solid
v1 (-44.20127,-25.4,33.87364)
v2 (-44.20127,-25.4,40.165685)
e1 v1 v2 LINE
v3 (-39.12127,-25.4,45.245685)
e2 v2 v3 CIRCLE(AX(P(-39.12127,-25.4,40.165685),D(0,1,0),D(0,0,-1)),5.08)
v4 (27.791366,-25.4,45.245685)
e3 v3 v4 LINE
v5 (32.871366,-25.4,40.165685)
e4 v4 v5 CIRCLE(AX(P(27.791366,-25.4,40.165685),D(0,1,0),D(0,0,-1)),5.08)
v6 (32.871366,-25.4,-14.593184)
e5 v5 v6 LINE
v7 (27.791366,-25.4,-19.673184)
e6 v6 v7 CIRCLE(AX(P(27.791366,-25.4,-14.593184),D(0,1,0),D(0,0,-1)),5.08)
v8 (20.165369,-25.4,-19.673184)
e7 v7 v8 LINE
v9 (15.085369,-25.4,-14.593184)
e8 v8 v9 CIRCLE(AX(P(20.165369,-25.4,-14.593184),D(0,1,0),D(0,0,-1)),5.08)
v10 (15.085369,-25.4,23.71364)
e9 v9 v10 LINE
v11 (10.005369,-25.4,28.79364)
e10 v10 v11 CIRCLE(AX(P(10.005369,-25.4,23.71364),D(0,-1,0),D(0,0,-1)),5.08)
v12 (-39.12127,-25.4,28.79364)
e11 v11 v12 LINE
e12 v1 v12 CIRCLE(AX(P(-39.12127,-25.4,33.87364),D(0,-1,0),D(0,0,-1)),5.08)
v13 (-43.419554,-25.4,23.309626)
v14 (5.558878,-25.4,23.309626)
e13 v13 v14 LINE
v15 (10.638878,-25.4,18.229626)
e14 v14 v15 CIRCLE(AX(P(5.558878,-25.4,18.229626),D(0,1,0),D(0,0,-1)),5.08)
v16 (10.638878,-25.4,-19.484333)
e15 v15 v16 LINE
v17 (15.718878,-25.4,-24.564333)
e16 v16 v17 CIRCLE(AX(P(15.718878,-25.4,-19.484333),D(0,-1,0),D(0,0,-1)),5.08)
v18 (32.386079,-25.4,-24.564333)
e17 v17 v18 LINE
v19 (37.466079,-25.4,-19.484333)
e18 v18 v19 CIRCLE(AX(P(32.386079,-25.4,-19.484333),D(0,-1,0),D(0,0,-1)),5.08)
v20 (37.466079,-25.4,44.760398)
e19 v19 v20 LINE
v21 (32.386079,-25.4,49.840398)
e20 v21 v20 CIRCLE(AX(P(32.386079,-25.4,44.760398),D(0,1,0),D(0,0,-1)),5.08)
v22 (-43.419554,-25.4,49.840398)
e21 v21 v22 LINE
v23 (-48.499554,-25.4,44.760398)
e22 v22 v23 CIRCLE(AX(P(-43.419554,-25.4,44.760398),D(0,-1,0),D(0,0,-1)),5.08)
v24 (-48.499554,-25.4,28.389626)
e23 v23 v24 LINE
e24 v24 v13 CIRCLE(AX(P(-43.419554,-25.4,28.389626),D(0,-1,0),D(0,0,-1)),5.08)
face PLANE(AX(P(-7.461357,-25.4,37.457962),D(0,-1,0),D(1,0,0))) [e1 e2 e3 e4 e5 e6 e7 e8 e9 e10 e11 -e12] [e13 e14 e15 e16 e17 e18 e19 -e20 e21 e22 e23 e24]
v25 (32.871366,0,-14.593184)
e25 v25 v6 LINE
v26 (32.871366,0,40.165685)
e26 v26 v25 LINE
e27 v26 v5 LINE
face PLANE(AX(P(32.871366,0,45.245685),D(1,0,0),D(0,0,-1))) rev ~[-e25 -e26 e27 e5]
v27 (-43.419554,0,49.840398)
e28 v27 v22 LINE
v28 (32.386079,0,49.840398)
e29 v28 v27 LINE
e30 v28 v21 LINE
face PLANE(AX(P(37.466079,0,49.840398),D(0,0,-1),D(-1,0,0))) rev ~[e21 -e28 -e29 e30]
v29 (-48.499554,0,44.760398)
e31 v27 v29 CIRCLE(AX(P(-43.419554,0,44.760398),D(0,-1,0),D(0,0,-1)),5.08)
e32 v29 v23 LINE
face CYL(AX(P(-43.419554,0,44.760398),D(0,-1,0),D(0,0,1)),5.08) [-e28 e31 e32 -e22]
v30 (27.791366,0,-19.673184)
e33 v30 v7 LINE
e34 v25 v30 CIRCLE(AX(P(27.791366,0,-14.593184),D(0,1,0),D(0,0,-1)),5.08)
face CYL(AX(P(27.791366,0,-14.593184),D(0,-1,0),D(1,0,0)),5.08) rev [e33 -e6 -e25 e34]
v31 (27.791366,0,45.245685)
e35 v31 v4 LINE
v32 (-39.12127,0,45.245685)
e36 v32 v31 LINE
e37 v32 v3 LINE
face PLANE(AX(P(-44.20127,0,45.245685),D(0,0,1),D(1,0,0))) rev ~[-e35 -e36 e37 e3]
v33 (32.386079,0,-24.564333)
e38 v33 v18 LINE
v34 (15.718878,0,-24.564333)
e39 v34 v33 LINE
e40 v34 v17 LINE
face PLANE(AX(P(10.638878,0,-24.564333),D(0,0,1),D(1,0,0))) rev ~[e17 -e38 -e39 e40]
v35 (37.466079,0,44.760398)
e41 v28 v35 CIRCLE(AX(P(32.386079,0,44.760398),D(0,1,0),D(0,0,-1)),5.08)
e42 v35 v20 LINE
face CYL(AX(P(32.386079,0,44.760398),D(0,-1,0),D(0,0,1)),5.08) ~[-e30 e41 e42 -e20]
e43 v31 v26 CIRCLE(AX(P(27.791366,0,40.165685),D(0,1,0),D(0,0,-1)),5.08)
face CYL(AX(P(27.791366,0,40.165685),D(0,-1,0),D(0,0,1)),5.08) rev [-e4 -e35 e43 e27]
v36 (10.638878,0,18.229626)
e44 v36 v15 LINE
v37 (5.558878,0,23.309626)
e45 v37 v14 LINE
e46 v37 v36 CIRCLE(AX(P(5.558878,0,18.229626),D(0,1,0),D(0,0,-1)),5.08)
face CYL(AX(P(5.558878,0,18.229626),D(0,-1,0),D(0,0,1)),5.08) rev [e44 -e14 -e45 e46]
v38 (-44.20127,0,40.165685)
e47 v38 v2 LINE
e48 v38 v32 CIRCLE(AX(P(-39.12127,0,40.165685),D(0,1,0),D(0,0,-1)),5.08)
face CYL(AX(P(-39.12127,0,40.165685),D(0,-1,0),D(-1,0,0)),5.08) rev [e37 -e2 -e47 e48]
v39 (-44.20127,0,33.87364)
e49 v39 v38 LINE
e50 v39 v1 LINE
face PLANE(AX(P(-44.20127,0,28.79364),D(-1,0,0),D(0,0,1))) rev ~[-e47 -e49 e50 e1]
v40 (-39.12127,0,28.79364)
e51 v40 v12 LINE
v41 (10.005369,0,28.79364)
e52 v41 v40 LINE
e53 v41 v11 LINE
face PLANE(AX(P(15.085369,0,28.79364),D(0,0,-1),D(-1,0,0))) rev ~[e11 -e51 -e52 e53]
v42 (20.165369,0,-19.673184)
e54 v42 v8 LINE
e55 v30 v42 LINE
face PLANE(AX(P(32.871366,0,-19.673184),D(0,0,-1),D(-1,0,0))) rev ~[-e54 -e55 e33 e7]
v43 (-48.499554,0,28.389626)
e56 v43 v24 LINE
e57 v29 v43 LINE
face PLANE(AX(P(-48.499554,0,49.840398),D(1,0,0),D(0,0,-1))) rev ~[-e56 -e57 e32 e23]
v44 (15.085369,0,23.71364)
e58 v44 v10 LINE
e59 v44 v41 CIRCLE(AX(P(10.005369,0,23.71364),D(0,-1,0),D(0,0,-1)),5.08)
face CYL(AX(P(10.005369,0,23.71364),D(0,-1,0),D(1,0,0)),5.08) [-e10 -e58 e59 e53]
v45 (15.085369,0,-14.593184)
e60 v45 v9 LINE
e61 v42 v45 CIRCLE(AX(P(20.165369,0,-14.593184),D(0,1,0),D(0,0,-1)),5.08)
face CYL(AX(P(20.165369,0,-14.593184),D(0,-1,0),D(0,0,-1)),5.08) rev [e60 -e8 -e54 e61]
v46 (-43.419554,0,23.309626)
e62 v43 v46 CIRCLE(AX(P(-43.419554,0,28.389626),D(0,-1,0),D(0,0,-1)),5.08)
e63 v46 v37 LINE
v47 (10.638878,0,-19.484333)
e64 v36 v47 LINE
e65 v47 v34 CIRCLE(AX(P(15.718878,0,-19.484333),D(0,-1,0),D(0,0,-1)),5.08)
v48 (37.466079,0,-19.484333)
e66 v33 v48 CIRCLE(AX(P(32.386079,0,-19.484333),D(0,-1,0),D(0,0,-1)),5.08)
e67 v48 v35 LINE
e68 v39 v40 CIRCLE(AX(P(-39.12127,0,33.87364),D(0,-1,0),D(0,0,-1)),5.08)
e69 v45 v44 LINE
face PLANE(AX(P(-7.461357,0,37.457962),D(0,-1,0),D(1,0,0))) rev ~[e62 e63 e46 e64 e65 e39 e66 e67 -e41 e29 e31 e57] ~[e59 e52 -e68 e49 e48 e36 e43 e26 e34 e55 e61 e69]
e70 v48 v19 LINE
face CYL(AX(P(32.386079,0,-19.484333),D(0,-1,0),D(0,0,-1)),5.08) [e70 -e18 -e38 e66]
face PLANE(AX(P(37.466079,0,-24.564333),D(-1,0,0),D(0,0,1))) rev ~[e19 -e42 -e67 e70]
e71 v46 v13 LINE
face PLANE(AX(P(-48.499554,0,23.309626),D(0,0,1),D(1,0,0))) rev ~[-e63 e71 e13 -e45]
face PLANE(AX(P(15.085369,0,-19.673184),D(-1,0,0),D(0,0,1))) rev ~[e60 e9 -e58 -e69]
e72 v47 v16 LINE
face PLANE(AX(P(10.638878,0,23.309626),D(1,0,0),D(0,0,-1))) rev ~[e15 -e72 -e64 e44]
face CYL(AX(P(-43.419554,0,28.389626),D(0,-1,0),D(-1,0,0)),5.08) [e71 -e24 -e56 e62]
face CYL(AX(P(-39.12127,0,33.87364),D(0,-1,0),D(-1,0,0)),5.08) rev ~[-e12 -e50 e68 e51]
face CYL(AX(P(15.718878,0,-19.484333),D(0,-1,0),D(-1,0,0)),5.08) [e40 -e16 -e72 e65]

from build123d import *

# Parameters (mm, degrees)
F1_DEPTH = 25.4
F2_R     = 5.08


with BuildPart() as f1:
    # F0 (on Front) → F1 (new body)
    with BuildSketch(Plane.XZ):
        Polygon((-44.20127, 28.79364), (-44.20127, 45.245685), (32.871366, 45.245685), (32.871366, 28.79364), (32.871366, 23.309626), (37.466079, 23.309626), (37.466079, 49.840398), (-48.499554, 49.840398), (-48.499554, 23.309626), (10.638878, 23.309626), (15.085369, 23.309626), (15.085369, 28.79364), align=None)
        Polygon((37.466079, 23.309626), (32.871366, 23.309626), (32.871366, -19.673184), (15.085369, -19.673184), (15.085369, 23.309626), (10.638878, 23.309626), (10.638878, -24.564333), (37.466079, -24.564333), align=None)
    extrude(amount=F1_DEPTH)

    # F2
    f2_edges = [f1.edges().sort_by_distance(p)[0] for p in [
        (-48.499554, -12.7, 23.309626),
        (10.638878, -12.7, 23.309626),
        (10.638878, -12.7, -24.564333),
        (37.466079, -12.7, -24.564333),
        (37.466079, -12.7, 49.840398),
        (-48.499554, -12.7, 49.840398),
        (32.871366, -12.7, -19.673184),
        (15.085369, -12.7, 28.79364),
        (15.085369, -12.7, -19.673184),
        (-44.20127, -12.7, 45.245685),
        (32.871366, -12.7, 45.245685),
        (-44.20127, -12.7, 28.79364),
    ]]
    fillet(f2_edges, radius=F2_R)


solid = f1.part
